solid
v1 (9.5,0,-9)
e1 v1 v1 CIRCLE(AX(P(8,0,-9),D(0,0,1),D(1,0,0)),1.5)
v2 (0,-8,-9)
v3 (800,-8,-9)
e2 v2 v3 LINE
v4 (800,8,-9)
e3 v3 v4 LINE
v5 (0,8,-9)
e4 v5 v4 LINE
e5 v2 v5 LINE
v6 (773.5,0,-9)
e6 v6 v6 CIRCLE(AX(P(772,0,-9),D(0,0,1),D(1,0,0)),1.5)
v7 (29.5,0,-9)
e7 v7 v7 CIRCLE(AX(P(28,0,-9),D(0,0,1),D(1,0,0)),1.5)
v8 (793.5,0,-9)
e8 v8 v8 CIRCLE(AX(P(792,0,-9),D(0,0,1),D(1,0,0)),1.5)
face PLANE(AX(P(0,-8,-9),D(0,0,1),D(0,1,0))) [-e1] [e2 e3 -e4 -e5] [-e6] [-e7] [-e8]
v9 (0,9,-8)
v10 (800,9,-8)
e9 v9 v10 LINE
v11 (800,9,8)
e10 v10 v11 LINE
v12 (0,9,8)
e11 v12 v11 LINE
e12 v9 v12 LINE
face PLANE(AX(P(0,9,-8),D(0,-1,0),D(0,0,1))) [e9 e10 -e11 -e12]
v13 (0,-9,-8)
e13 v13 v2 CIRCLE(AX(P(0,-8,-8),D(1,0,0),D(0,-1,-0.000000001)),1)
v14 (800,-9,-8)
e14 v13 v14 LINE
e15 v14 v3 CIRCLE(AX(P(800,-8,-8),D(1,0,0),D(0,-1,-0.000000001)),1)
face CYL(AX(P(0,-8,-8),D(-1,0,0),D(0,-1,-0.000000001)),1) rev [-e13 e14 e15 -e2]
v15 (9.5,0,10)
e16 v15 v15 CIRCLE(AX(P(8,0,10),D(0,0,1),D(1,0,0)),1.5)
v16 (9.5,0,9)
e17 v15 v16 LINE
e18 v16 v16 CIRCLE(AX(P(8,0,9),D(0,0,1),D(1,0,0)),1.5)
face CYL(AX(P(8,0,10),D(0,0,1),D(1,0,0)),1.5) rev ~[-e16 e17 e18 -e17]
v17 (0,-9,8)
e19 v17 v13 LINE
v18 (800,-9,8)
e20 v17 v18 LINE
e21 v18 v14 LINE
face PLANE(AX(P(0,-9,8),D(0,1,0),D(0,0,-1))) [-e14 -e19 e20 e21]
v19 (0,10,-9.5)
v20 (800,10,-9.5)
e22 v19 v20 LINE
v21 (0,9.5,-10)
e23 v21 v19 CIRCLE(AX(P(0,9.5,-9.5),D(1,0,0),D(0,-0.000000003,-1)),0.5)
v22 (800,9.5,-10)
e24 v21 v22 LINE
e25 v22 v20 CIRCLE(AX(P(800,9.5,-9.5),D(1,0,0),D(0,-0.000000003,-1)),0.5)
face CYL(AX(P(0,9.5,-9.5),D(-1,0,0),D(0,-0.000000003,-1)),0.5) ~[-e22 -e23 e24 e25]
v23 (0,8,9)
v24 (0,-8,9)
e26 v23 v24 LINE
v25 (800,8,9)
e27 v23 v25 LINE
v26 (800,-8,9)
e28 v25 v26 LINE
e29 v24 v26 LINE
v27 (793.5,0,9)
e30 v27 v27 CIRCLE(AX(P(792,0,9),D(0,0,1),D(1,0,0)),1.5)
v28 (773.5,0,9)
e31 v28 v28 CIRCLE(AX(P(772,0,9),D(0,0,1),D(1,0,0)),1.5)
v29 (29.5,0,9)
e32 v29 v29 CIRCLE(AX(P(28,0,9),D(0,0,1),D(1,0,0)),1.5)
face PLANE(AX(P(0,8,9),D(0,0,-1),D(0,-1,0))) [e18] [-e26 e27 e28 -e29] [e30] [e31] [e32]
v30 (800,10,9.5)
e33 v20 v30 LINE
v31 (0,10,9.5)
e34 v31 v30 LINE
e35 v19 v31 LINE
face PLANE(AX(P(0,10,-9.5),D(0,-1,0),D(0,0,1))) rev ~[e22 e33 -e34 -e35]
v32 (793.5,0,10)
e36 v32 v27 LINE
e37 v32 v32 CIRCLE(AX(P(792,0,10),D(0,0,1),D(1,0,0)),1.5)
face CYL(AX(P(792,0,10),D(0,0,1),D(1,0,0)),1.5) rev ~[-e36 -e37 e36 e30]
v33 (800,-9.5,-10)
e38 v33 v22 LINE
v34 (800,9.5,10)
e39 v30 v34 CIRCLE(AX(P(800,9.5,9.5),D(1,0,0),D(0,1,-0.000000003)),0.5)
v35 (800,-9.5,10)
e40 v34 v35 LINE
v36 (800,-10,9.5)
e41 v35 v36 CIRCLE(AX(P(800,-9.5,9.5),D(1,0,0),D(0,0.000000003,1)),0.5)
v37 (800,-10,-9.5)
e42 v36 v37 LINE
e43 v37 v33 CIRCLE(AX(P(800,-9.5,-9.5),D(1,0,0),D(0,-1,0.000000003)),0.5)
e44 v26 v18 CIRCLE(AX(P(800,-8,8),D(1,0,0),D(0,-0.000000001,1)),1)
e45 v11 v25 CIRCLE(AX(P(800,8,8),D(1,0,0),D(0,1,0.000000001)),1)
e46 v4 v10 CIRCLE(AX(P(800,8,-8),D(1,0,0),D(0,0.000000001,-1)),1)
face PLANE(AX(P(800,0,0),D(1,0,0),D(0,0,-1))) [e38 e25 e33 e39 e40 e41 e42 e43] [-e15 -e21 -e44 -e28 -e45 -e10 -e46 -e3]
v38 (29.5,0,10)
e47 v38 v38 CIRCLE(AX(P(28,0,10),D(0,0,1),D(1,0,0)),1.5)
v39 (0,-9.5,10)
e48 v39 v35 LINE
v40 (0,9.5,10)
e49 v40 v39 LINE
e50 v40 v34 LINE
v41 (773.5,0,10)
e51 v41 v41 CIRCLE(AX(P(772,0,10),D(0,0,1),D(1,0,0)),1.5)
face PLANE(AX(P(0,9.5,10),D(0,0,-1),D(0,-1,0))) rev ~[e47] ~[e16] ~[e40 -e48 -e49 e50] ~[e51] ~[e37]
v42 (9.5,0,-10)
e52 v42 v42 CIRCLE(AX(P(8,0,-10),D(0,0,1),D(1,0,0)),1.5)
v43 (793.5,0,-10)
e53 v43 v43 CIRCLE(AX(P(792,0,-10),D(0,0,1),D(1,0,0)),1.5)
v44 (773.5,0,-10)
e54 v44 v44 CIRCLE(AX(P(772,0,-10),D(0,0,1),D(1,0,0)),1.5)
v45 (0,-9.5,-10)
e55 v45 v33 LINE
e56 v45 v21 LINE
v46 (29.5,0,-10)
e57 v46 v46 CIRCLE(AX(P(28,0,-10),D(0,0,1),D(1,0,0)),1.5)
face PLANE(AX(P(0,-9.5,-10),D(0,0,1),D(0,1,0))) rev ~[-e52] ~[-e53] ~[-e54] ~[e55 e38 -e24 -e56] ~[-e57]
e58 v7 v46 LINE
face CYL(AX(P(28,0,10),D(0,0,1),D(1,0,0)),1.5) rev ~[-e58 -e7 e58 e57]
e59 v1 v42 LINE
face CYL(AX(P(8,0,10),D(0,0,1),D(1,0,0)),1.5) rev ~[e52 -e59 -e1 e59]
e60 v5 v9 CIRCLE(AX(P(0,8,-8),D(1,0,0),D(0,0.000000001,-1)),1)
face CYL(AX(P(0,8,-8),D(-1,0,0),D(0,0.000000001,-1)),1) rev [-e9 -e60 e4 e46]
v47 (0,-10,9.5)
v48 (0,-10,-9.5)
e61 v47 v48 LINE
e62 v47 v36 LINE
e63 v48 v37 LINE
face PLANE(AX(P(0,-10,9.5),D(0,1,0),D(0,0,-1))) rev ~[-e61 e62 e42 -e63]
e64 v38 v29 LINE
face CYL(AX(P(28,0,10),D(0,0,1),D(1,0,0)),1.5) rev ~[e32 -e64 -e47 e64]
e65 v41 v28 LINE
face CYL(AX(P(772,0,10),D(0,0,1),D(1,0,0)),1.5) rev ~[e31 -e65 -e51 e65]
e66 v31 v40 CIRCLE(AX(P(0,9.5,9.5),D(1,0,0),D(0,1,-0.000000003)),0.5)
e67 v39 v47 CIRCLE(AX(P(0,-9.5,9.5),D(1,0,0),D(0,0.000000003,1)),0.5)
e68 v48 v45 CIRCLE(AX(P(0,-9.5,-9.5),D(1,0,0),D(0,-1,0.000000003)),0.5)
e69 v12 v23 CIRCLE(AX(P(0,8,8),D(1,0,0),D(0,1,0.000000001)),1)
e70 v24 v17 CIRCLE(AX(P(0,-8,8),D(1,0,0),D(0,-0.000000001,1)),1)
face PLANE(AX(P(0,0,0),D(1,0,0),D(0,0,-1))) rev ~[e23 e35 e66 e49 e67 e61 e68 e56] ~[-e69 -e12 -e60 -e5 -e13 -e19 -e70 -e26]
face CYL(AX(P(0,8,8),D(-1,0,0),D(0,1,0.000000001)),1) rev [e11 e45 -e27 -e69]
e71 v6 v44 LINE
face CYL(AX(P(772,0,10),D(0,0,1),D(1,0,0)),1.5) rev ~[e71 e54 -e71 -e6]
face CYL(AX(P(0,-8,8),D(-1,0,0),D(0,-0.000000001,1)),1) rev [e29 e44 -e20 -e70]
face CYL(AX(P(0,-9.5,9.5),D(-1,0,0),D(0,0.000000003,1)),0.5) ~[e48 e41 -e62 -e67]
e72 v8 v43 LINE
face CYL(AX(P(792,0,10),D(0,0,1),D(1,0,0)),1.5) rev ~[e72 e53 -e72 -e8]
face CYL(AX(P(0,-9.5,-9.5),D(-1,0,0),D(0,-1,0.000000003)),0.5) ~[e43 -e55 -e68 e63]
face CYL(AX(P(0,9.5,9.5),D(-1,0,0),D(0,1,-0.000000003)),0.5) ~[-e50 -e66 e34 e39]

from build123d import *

# Parameters (mm, degrees)
BOSS_EXTRUDE1_DEPTH = 800
SKETCH2_R           = 1.5
CUT_EXTRUDE1_DEPTH  = 205
SKETCH3_R           = 1.5
CUT_EXTRUDE2_DEPTH  = 25


with BuildPart() as part:
    # Sketch1 → Boss-Extrude1 (new body)
    with BuildSketch(Plane(origin=(0, 0, 0), x_dir=(0, 0, -1), z_dir=(1, 0, 0))):
        with BuildLine():
            Line((-9.5, -10), (9.5, -10))
            ThreePointArc((9.5, -10), (9.853553391, -9.853553391), (10, -9.5))
            Line((10, -9.5), (10, 9.5))
            ThreePointArc((10, 9.5), (9.853553391, 9.853553391), (9.5, 10))
            Line((9.5, 10), (-9.5, 10))
            ThreePointArc((-9.5, 10), (-9.853553391, 9.853553391), (-10, 9.5))
            Line((-10, 9.5), (-10, -9.5))
            ThreePointArc((-10, -9.5), (-9.853553391, -9.853553391), (-9.5, -10))
        make_face()
        with BuildLine():
            Line((-8, -9), (8, -9))
            ThreePointArc((8, -9), (8.707106781, -8.707106781), (9, -8))
            Line((9, -8), (9, 8))
            ThreePointArc((9, 8), (8.707106781, 8.707106781), (8, 9))
            Line((8, 9), (-8, 9))
            ThreePointArc((-8, 9), (-8.707106781, 8.707106781), (-9, 8))
            Line((-9, 8), (-9, -8))
            ThreePointArc((-9, -8), (-8.707106781, -8.707106781), (-8, -9))
        make_face(mode=Mode.SUBTRACT)
    extrude(amount=BOSS_EXTRUDE1_DEPTH)

    # Sketch2 → Cut-Extrude1 (cut)
    with BuildSketch(Plane.XY.offset(10)):
        with Locations((792, 0)):
            Circle(SKETCH2_R)
        with Locations((772, 0)):
            Circle(SKETCH2_R)
    extrude(amount=-CUT_EXTRUDE1_DEPTH, mode=Mode.SUBTRACT)

    # Sketch3 → Cut-Extrude2 (cut)
    with BuildSketch(Plane.XY.offset(10)):
        with Locations((8, 0)):
            Circle(SKETCH3_R)
        with Locations((28, 0)):
            Circle(SKETCH3_R)
    extrude(amount=-CUT_EXTRUDE2_DEPTH, mode=Mode.SUBTRACT)


solid = part.part
